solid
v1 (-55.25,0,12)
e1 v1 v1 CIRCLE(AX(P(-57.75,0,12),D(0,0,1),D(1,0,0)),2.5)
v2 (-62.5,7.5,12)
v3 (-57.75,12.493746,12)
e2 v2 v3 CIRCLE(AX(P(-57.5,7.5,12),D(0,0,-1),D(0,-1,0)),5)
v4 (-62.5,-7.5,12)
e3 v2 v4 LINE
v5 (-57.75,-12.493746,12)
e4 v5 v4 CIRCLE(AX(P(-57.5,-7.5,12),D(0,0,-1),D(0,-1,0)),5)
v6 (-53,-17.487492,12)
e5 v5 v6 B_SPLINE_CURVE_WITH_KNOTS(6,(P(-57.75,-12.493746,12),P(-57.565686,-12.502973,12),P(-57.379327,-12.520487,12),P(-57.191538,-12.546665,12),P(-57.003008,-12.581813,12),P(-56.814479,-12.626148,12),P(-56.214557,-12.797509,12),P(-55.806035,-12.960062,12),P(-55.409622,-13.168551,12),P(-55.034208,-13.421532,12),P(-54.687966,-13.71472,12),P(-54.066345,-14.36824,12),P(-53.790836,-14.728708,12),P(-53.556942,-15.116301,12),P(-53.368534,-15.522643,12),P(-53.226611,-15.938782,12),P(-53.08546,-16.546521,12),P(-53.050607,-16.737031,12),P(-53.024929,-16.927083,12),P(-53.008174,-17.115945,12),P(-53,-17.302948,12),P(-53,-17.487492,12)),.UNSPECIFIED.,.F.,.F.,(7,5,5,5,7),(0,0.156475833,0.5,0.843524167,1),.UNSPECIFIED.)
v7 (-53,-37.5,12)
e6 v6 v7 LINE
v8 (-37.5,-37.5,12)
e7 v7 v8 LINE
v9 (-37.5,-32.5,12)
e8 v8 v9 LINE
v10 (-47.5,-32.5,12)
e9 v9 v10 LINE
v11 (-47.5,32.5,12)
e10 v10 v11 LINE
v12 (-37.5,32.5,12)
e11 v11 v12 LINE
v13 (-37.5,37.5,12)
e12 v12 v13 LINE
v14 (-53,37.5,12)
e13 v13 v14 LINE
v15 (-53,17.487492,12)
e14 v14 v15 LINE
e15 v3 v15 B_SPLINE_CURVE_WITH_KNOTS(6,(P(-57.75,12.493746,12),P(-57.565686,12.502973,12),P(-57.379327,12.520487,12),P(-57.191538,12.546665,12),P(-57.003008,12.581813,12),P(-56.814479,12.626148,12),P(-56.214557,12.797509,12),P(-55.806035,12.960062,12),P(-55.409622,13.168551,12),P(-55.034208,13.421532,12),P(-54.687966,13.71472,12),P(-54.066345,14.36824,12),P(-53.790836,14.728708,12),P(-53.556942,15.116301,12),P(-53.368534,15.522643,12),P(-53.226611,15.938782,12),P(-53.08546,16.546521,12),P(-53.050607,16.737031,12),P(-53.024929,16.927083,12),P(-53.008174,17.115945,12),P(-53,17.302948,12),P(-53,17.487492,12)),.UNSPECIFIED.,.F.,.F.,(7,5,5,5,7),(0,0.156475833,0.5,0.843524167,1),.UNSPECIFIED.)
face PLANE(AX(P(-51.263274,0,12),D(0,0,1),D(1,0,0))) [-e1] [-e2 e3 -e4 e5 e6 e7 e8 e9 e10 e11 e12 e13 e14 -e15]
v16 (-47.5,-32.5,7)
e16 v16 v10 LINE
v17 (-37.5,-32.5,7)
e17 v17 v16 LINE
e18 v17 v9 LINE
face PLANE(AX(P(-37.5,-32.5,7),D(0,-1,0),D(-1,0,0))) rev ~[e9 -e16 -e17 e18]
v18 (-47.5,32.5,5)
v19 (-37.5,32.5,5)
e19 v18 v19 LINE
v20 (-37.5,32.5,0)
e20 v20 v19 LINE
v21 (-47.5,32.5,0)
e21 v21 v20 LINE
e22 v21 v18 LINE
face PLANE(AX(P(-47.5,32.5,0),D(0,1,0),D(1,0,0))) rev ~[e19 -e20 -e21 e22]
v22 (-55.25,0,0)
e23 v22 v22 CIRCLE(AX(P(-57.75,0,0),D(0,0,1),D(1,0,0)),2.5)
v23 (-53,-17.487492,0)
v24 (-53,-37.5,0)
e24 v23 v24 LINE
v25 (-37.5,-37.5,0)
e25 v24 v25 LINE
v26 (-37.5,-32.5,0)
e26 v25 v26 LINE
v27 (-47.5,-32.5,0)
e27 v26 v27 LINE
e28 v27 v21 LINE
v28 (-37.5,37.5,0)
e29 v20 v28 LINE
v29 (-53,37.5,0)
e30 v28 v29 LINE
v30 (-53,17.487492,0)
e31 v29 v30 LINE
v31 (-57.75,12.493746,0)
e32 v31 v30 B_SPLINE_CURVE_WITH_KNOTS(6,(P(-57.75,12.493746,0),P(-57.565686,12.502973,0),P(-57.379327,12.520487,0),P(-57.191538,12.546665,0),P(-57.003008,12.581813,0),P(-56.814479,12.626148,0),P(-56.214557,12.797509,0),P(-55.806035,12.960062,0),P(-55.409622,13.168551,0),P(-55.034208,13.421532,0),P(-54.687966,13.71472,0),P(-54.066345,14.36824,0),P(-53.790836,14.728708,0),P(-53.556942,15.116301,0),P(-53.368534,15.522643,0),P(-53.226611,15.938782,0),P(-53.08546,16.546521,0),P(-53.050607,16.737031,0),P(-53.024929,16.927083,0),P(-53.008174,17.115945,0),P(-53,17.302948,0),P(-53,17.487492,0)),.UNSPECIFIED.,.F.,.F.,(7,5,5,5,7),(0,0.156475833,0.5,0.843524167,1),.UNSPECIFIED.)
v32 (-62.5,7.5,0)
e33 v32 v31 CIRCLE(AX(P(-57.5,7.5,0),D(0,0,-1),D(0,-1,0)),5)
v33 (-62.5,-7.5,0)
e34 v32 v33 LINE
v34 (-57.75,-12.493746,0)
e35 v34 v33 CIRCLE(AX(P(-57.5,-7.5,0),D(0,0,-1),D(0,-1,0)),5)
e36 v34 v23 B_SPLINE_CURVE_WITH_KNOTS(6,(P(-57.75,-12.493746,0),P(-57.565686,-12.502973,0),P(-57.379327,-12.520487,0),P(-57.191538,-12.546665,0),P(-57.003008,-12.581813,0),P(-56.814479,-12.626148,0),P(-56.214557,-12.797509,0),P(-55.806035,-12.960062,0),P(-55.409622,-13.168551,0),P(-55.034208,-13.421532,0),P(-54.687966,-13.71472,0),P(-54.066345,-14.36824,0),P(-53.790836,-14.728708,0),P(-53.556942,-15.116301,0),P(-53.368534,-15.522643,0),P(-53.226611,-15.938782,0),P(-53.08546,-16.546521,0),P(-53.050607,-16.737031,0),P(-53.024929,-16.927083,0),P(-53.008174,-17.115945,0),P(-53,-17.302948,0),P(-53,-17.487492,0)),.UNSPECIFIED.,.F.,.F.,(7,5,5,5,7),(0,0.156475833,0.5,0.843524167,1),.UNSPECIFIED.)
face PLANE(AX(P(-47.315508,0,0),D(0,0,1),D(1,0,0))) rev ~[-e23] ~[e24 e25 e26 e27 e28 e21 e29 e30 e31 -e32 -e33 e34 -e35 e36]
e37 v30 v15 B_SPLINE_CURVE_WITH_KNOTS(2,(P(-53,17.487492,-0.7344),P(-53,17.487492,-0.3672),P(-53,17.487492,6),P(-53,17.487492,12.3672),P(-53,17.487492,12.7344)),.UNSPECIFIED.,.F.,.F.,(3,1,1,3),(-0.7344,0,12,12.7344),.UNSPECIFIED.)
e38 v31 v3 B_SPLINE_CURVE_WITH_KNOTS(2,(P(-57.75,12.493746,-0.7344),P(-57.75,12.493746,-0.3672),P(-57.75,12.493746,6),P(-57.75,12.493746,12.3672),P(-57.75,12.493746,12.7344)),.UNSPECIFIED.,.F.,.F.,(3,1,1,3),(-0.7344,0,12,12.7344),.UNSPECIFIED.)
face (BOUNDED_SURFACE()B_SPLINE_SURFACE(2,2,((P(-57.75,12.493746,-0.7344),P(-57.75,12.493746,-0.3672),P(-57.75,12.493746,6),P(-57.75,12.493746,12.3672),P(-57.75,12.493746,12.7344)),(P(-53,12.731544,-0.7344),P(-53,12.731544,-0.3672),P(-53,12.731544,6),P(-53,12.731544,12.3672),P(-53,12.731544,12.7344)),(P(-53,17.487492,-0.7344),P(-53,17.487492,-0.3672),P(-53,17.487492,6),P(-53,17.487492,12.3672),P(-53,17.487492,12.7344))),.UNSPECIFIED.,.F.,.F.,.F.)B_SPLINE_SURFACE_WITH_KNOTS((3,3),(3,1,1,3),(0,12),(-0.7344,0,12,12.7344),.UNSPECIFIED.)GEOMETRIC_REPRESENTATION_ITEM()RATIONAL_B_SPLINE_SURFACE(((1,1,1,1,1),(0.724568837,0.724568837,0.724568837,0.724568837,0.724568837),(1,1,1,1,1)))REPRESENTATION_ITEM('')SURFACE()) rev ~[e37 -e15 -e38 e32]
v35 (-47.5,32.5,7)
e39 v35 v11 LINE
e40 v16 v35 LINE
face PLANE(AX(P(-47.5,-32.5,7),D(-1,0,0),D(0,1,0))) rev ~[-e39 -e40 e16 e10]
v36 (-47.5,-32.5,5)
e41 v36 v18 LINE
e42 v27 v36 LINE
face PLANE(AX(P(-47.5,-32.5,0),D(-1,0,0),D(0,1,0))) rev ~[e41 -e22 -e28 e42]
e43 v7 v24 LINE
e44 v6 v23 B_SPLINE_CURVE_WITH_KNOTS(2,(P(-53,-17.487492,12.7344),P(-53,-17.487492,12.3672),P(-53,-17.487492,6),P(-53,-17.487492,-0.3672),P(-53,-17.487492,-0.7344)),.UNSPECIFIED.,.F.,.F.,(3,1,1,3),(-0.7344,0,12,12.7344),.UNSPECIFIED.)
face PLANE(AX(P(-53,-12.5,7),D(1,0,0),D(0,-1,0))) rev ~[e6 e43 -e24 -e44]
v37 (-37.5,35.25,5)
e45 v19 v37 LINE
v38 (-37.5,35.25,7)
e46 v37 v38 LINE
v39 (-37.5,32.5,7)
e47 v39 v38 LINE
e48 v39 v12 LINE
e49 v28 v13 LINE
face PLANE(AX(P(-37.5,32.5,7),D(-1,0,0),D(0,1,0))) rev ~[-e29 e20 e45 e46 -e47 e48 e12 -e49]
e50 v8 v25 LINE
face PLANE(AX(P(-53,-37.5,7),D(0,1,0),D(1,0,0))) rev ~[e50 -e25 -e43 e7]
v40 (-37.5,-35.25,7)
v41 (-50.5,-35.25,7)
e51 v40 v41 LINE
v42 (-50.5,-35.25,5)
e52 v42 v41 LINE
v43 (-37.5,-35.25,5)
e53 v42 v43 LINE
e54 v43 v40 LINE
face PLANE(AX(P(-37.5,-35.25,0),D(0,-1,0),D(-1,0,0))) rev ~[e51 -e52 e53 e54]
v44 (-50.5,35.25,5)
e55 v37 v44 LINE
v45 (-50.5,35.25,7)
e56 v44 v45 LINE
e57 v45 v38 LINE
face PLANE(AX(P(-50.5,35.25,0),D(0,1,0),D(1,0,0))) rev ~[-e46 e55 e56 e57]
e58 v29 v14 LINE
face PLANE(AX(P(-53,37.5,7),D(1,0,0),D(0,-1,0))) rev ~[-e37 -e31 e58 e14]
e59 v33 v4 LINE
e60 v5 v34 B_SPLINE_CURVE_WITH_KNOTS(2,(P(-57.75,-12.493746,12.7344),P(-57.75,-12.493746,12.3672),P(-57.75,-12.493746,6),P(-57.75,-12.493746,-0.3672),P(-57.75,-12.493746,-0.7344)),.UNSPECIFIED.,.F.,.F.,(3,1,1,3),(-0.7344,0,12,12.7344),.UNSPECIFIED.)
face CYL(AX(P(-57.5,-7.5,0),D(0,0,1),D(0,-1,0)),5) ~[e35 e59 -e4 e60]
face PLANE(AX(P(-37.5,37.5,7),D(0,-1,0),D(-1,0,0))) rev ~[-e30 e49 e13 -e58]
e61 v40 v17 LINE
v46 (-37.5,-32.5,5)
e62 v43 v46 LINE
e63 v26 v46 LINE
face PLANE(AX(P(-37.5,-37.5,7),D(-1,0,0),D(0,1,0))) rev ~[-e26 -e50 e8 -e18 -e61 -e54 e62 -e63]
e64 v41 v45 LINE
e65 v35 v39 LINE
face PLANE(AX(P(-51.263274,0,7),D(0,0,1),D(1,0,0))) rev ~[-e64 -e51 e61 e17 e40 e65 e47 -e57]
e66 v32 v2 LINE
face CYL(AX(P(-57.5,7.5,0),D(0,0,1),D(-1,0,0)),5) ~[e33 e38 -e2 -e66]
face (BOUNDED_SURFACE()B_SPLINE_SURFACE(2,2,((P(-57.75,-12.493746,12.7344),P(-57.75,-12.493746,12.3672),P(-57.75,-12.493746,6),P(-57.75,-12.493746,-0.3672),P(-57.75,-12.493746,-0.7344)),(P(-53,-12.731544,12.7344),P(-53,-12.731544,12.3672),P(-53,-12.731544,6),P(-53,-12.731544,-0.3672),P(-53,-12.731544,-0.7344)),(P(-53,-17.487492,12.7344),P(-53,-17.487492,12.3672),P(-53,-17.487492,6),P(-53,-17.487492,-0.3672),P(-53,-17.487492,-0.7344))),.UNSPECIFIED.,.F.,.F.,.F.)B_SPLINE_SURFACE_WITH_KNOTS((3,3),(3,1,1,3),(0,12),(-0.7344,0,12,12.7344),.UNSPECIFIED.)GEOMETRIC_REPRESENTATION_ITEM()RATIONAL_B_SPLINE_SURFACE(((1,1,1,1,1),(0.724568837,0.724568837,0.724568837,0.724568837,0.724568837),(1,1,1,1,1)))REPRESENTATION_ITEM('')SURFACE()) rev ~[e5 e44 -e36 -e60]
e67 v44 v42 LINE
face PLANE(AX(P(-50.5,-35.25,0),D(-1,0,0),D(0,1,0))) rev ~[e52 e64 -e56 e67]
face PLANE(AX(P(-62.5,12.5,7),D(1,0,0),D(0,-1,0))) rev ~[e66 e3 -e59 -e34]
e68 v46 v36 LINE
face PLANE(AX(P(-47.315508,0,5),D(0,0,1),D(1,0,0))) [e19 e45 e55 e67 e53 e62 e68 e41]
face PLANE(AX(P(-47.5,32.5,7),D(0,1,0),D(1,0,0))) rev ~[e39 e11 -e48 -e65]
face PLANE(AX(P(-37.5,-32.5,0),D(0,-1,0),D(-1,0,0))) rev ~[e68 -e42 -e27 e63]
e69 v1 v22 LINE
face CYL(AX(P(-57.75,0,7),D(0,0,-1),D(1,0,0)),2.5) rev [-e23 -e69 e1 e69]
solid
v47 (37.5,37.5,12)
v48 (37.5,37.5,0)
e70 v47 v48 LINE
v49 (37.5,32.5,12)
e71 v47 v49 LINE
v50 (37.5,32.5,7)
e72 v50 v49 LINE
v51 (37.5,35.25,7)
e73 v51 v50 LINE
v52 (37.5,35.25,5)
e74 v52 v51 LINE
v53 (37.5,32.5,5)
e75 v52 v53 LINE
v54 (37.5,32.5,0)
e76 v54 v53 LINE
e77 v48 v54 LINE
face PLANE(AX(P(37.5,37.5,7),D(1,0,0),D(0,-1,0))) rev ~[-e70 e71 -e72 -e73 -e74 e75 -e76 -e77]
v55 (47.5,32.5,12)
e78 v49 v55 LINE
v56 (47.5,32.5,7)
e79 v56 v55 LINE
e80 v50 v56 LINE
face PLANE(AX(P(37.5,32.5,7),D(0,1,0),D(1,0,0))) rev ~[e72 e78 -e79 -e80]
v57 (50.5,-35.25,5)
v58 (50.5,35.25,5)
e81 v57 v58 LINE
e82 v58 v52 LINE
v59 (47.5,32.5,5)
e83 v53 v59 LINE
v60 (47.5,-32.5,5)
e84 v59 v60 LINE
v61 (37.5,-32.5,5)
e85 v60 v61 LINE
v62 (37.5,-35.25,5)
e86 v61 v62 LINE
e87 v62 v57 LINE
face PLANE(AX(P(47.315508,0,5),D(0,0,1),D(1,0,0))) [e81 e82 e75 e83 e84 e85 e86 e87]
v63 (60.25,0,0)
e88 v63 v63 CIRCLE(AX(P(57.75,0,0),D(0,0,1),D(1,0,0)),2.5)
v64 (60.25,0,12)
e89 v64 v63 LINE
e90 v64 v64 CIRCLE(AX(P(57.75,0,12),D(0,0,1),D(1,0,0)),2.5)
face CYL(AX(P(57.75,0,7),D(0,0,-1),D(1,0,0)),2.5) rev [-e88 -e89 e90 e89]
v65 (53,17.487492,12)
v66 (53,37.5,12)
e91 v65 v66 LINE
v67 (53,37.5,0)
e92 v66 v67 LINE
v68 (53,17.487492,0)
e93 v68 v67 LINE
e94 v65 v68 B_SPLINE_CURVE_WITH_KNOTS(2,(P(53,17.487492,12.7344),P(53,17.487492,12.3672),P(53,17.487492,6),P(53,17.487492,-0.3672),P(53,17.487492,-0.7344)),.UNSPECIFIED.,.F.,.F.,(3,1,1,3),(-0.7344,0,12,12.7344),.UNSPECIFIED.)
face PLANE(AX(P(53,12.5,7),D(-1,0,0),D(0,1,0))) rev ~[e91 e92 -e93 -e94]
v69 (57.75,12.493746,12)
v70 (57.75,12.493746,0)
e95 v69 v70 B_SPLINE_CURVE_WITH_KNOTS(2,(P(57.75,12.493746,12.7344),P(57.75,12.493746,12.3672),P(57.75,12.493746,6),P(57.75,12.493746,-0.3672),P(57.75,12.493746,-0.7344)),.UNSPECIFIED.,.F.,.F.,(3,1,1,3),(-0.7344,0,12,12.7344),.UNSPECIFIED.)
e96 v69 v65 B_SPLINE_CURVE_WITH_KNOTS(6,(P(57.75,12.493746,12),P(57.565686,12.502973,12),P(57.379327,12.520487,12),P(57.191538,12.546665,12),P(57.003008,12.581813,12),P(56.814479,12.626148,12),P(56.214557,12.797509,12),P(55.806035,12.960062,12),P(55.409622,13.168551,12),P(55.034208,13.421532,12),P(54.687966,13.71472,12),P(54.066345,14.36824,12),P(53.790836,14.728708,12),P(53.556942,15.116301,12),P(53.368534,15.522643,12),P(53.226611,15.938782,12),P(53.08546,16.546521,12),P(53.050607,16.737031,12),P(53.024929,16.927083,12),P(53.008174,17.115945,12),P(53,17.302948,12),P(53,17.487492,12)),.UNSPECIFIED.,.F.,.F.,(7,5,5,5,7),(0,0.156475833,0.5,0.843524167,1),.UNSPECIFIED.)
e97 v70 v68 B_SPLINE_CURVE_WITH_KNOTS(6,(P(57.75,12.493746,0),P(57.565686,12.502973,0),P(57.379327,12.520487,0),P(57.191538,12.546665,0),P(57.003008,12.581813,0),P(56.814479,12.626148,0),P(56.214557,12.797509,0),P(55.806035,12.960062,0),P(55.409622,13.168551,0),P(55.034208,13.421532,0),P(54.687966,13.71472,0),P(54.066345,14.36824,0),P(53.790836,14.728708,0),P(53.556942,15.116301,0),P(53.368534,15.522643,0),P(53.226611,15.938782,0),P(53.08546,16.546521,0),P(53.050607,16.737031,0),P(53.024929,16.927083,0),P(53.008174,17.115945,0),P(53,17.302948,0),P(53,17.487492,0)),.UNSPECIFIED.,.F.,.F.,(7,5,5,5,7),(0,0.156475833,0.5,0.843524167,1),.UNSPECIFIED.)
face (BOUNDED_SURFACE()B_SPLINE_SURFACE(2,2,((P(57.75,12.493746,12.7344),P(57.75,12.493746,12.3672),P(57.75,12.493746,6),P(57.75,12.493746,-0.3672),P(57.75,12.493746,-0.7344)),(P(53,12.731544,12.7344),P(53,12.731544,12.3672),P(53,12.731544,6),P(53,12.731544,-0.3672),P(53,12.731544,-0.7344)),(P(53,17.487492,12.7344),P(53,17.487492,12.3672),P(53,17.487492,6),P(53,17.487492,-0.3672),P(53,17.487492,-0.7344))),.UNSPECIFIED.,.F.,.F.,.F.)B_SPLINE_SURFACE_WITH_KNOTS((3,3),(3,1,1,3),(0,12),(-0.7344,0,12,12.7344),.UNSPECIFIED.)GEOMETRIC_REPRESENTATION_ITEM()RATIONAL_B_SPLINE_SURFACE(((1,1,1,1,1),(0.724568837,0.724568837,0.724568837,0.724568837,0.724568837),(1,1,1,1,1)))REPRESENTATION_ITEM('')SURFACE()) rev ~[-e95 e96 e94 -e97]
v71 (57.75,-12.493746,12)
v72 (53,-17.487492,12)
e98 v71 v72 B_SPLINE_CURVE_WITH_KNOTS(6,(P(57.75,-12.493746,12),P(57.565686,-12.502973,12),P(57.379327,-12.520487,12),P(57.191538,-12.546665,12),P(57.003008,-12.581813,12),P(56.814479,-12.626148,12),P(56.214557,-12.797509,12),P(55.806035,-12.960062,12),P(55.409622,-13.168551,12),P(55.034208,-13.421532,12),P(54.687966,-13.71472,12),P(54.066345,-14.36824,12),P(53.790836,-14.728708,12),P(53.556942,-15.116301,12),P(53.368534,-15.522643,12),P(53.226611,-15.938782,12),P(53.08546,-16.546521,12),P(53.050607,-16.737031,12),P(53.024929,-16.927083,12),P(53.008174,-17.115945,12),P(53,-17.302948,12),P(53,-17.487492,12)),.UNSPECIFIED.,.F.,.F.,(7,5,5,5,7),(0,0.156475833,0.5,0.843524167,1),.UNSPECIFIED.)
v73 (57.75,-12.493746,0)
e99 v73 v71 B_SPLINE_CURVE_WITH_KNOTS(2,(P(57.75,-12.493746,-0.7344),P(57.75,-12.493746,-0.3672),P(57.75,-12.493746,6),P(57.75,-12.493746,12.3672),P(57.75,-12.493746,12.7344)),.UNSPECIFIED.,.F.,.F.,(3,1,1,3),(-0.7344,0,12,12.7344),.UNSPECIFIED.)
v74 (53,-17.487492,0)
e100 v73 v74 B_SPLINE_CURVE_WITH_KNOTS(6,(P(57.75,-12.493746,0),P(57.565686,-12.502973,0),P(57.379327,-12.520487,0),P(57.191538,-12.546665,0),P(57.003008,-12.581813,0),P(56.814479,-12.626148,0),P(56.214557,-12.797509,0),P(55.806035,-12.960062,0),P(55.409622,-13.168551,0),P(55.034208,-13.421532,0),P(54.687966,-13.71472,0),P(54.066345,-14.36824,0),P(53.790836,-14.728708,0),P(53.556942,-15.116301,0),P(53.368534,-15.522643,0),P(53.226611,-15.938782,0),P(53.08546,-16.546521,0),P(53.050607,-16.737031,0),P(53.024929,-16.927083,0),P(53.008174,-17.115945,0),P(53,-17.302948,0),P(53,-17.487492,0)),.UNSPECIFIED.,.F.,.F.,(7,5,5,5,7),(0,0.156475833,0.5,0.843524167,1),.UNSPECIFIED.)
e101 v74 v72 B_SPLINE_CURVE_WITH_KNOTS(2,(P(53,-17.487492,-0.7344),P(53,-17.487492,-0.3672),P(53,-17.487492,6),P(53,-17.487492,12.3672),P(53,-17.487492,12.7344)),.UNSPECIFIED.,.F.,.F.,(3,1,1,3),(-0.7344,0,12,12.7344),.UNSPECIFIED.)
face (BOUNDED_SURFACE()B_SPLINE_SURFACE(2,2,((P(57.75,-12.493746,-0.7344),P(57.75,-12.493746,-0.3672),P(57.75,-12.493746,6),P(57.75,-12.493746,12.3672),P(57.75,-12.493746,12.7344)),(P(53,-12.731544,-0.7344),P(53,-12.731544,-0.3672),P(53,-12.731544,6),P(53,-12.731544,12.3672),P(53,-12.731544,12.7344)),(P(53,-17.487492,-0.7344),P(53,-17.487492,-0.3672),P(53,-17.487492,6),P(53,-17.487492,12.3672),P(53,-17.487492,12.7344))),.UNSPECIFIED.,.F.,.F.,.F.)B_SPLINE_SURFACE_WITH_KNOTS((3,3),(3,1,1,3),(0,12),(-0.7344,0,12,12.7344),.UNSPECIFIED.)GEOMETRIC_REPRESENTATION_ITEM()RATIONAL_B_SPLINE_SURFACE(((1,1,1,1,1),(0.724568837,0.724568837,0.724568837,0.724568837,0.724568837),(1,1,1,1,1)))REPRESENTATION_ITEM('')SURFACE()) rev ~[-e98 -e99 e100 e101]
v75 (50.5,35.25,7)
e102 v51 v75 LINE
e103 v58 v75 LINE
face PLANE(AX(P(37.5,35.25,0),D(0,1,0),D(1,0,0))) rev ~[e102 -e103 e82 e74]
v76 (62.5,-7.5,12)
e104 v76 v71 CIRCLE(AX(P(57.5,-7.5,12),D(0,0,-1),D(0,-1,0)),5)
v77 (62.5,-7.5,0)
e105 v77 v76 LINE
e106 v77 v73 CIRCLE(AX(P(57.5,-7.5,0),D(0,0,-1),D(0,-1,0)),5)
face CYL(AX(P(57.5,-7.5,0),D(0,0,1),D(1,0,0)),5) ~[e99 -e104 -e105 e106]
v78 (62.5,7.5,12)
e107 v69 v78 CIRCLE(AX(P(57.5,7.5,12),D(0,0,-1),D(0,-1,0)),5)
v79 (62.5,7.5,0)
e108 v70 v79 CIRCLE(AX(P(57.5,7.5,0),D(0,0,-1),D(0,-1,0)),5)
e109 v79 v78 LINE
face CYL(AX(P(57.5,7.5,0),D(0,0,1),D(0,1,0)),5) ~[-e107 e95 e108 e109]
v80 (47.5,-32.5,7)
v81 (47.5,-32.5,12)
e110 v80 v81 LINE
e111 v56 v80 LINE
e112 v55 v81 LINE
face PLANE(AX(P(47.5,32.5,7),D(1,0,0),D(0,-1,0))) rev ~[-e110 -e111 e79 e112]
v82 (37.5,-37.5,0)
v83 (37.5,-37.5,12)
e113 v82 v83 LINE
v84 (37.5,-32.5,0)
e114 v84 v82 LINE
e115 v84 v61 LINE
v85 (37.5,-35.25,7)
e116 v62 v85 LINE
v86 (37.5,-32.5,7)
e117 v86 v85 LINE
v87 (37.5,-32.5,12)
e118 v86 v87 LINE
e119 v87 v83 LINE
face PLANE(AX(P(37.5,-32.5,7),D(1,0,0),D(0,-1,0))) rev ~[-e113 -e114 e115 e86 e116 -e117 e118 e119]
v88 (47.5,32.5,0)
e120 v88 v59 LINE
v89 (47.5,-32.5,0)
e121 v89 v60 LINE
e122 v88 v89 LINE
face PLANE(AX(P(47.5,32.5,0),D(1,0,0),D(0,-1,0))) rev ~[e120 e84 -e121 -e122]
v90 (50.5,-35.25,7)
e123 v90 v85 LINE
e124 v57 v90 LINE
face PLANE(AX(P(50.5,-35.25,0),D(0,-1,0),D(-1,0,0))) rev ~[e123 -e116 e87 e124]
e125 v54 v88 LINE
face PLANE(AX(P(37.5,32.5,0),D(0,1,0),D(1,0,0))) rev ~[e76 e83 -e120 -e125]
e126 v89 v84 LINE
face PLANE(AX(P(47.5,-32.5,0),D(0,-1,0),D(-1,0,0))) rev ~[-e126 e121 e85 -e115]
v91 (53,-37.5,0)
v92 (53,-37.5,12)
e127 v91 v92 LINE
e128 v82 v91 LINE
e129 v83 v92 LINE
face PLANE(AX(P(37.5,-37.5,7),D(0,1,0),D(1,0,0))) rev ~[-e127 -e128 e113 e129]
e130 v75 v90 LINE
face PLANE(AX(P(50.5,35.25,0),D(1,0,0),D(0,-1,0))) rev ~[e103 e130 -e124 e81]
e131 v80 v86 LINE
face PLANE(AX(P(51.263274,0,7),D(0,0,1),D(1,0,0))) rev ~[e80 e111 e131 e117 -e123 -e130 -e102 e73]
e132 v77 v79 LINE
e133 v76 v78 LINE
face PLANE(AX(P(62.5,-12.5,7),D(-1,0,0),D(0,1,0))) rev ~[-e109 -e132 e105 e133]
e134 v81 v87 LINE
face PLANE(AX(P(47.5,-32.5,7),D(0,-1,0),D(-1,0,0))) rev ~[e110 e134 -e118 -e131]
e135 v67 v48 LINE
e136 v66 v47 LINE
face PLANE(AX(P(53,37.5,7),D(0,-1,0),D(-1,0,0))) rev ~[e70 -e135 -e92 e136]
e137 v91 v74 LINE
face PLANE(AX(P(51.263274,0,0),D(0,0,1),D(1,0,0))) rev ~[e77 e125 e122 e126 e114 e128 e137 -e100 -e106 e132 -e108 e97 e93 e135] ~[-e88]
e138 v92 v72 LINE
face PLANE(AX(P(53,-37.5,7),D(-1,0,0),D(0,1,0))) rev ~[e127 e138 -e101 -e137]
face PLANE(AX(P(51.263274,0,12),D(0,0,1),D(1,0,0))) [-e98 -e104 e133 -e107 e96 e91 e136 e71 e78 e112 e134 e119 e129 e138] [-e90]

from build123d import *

# Parameters (mm, degrees)
F1_DEPTH = 5
F0_R     = 2.5
F2_DEPTH = 7
F3_START = 7
F3_DEPTH = 5
F4_R     = 5
F4_2_R   = 5
F5_R     = 5
F5_2_R   = 5


with BuildPart() as f1:
    # F0 (on Top) → F1 (new body)
    with BuildSketch(Plane.XY):
        Polygon((-37.5, 35.25), (-50.5, 35.25), (-50.5, -35.25), (-37.5, -35.25), (-37.5, -32.5), (-47.5, -32.5), (-47.5, 32.5), (-37.5, 32.5), align=None)
    extrude(amount=F1_DEPTH)

    # F0 (on Top) → F2 (join)
    with BuildSketch(Plane.XY):
        Polygon((-50.5, -35.25), (-50.5, 35.25), (-37.5, 35.25), (-37.5, 37.5), (-53, 37.5), (-53, 12.5), (-62.5, 12.5), (-62.5, -12.5), (-53, -12.5), (-53, -37.5), (-37.5, -37.5), (-37.5, -35.25), align=None)
        with Locations((-57.75, 0)):
            Circle(F0_R, mode=Mode.SUBTRACT)
    extrude(amount=F2_DEPTH)

    # F0 (on Top) → F3 (join)
    with BuildSketch(Plane.XY.offset(F3_START)):
        Polygon((-50.5, -35.25), (-50.5, 35.25), (-37.5, 35.25), (-37.5, 37.5), (-53, 37.5), (-53, 12.5), (-62.5, 12.5), (-62.5, -12.5), (-53, -12.5), (-53, -37.5), (-37.5, -37.5), (-37.5, -35.25), align=None)
        with Locations((-57.75, 0)):
            Circle(F0_R, mode=Mode.SUBTRACT)
        Polygon((-37.5, 35.25), (-50.5, 35.25), (-50.5, -35.25), (-37.5, -35.25), (-37.5, -32.5), (-47.5, -32.5), (-47.5, 32.5), (-37.5, 32.5), align=None)
    extrude(amount=F3_DEPTH)

    # F4
    f4_edges = [f1.edges().sort_by_distance(p)[0] for p in [
        (-62.5, -12.5, 6),
        (-62.5, 12.5, 6),
    ]]
    fillet(f4_edges, radius=F4_R)

    # F5
    f5_edges = [f1.edges().sort_by_distance(p)[0] for p in [
        (-53, 12.5, 6),
        (-53, -12.5, 6),
    ]]
    fillet(f5_edges, radius=F5_R)


with BuildPart() as f1b:
    # F0 (on Top) → F1, piece 2 (new body)
    with BuildSketch(Plane.XY):
        Polygon((50.5, -35.25), (50.5, 35.25), (37.5, 35.25), (37.5, 32.5), (47.5, 32.5), (47.5, -32.5), (37.5, -32.5), (37.5, -35.25), align=None)
    extrude(amount=F1_DEPTH)

    # F0 (on Top) → F2, piece 2 (join)
    with BuildSketch(Plane.XY):
        Polygon((37.5, 35.25), (50.5, 35.25), (50.5, -35.25), (37.5, -35.25), (37.5, -37.5), (53, -37.5), (53, -12.5), (62.5, -12.5), (62.5, 12.5), (53, 12.5), (53, 37.5), (37.5, 37.5), align=None)
        with Locations((57.75, 0)):
            Circle(F0_R, mode=Mode.SUBTRACT)
    extrude(amount=F2_DEPTH)

    # F0 (on Top) → F3, piece 2 (join)
    with BuildSketch(Plane.XY.offset(F3_START)):
        Polygon((37.5, 35.25), (50.5, 35.25), (50.5, -35.25), (37.5, -35.25), (37.5, -37.5), (53, -37.5), (53, -12.5), (62.5, -12.5), (62.5, 12.5), (53, 12.5), (53, 37.5), (37.5, 37.5), align=None)
        with Locations((57.75, 0)):
            Circle(F0_R, mode=Mode.SUBTRACT)
        Polygon((50.5, -35.25), (50.5, 35.25), (37.5, 35.25), (37.5, 32.5), (47.5, 32.5), (47.5, -32.5), (37.5, -32.5), (37.5, -35.25), align=None)
    extrude(amount=F3_DEPTH)

    # F4#2
    f4_2_edges = [f1b.edges().sort_by_distance(p)[0] for p in [
        (62.5, -12.5, 6),
        (62.5, 12.5, 6),
    ]]
    fillet(f4_2_edges, radius=F4_2_R)

    # F5#2
    f5_2_edges = [f1b.edges().sort_by_distance(p)[0] for p in [
        (53, 12.5, 6),
        (53, -12.5, 6),
    ]]
    fillet(f5_2_edges, radius=F5_2_R)


solid = Compound([f1.part, f1b.part])
